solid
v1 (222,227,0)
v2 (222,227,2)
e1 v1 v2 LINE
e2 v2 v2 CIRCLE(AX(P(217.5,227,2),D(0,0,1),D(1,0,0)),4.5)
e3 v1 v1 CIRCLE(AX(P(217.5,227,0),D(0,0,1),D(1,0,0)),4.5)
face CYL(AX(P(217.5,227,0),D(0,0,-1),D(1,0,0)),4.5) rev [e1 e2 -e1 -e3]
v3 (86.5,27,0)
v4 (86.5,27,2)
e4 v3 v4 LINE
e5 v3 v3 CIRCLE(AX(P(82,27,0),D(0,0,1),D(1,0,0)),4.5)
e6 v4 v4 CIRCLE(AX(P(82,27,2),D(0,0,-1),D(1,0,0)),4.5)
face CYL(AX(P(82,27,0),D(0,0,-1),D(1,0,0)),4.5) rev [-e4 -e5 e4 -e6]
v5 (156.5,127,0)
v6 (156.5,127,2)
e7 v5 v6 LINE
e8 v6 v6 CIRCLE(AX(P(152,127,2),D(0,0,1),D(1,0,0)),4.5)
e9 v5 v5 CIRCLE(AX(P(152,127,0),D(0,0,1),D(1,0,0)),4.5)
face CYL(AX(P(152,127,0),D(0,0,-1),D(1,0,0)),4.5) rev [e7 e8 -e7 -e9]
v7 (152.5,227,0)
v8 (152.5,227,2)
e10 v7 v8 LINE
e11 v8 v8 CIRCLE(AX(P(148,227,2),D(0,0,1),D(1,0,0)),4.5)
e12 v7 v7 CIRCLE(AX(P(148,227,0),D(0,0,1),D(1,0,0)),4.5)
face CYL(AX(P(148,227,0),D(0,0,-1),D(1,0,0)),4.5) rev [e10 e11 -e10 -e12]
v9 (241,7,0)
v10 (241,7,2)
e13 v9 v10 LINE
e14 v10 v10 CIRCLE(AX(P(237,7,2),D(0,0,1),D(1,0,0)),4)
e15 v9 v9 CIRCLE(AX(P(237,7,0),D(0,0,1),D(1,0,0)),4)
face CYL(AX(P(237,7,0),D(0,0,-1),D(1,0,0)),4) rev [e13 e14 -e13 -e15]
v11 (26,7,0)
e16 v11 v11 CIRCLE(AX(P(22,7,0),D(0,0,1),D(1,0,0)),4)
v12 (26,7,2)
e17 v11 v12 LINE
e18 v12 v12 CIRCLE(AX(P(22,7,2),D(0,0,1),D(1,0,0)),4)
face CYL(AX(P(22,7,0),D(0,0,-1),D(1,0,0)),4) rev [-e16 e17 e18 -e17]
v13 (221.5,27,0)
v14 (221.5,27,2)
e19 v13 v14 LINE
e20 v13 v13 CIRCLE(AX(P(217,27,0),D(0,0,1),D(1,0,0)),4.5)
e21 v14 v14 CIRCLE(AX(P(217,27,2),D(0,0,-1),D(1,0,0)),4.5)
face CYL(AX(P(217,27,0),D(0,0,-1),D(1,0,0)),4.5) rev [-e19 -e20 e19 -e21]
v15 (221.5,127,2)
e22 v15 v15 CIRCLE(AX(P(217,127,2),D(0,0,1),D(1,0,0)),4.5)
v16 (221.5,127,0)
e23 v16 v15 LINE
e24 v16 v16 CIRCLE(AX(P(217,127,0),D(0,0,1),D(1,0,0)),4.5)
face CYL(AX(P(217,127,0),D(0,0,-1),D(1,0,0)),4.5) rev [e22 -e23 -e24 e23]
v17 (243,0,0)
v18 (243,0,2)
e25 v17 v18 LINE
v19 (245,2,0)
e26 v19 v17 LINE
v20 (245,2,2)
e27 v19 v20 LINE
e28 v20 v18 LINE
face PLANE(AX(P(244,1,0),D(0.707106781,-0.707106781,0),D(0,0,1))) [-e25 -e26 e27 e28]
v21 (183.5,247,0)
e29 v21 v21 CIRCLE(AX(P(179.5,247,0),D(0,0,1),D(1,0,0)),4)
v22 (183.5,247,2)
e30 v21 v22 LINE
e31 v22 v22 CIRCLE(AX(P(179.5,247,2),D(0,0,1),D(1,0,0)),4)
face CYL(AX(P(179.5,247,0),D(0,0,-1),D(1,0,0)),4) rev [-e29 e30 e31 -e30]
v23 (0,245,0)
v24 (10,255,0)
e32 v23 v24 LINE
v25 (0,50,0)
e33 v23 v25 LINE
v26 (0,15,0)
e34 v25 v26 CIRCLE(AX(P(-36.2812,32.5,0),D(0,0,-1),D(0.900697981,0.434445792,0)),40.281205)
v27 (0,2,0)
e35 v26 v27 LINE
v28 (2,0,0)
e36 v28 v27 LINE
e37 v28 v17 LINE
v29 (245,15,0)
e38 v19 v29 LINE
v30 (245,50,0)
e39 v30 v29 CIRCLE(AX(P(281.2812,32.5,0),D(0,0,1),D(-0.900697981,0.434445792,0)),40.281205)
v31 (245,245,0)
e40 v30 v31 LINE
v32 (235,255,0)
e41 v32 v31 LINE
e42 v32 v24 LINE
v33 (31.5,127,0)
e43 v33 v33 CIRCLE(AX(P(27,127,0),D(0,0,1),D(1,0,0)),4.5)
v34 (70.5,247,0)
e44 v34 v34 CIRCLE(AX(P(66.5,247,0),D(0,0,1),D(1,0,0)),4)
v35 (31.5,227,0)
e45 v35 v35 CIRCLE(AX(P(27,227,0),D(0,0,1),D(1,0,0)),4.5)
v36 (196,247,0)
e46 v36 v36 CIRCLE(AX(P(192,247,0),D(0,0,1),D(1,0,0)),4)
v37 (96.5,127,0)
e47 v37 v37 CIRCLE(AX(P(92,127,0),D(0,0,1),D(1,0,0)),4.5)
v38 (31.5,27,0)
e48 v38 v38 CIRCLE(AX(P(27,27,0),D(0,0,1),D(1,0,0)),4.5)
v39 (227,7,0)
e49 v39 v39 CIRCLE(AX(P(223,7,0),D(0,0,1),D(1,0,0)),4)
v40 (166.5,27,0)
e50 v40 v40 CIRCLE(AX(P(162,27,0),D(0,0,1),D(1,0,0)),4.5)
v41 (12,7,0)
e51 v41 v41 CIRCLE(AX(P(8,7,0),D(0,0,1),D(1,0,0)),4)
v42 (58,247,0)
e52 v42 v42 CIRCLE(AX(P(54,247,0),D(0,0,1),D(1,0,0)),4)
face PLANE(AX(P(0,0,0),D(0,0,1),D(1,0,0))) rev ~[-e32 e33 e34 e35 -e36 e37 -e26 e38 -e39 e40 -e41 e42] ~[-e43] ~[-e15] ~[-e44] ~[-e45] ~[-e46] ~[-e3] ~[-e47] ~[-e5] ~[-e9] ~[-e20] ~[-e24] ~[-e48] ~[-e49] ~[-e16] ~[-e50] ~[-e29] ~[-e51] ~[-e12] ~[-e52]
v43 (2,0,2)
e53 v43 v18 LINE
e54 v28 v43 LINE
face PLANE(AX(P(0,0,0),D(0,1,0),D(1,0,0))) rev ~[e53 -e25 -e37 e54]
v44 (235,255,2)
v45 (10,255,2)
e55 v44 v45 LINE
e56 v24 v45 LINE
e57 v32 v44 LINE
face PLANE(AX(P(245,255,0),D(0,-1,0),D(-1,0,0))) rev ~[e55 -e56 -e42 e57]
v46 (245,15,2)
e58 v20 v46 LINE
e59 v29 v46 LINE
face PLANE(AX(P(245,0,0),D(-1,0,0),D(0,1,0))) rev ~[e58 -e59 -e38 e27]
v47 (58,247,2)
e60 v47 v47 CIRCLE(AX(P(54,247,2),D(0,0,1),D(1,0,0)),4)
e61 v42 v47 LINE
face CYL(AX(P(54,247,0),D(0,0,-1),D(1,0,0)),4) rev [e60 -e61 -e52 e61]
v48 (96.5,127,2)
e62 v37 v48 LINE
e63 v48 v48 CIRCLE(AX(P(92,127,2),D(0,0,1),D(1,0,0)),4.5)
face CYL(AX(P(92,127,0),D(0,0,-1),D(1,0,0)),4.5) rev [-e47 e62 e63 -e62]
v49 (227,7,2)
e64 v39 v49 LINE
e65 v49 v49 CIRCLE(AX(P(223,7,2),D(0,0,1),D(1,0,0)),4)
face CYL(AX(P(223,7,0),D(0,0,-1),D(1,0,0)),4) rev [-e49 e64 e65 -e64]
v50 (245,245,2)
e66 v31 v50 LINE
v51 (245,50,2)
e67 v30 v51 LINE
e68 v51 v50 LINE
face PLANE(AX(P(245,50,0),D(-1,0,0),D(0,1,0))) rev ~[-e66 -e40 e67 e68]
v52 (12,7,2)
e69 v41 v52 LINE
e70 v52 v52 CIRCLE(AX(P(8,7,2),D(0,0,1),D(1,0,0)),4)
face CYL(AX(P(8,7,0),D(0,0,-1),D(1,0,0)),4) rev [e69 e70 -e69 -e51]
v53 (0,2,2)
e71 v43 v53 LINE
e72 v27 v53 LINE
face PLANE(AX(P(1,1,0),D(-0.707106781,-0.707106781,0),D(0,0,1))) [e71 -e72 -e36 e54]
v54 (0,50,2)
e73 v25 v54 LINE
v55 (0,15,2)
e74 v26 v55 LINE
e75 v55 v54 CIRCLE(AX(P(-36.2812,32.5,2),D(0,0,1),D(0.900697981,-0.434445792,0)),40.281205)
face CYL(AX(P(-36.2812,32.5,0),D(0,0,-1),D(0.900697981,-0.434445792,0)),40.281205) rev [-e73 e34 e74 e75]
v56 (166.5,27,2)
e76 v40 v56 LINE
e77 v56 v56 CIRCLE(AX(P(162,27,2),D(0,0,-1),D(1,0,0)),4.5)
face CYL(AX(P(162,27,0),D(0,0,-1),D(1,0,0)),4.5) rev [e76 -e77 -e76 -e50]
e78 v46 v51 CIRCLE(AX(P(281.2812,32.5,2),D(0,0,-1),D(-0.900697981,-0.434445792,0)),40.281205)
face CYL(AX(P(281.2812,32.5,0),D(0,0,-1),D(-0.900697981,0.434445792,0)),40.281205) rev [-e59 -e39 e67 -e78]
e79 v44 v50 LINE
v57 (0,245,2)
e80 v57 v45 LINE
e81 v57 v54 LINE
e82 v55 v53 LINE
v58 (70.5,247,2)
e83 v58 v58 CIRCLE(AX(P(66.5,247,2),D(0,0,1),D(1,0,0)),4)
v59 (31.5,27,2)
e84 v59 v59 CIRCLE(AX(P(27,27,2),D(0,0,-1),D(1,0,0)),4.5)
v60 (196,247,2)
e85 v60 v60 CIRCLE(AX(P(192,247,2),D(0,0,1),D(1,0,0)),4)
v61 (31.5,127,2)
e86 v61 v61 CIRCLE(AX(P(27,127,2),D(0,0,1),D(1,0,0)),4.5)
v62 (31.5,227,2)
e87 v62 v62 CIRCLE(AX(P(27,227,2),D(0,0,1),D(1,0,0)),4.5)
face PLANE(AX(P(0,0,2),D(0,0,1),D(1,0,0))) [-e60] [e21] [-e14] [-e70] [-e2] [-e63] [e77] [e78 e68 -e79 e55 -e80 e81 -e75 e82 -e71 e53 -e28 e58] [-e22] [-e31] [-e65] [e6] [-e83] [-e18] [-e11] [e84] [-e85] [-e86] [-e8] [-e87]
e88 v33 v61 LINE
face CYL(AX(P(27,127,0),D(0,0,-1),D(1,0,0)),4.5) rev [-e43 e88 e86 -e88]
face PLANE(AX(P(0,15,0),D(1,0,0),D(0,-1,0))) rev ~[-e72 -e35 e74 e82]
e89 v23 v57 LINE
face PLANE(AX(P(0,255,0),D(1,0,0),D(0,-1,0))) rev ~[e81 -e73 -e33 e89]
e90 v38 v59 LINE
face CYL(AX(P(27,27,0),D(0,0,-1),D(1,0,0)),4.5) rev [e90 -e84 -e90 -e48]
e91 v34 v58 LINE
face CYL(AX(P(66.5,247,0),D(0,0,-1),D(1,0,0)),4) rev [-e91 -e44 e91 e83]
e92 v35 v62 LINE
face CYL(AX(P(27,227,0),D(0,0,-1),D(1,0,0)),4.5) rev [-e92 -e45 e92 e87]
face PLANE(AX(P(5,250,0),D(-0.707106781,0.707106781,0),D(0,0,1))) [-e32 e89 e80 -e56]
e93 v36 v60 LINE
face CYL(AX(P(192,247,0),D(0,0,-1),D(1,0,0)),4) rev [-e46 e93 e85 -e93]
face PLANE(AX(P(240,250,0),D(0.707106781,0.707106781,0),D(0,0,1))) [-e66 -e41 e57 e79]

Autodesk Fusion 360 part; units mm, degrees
sketch "Sketch1" plane through (0, 0, 0) normal (0, 0, 1) x (1, 0, 0)
  line L0 (0, 0) -> (245, 0)
  line L1 (245, 255) -> (0, 255)
  line L2 (0, 27) -> (245, 27)
  line L3 (0, 227) -> (245, 227) construction
  line L4 (0, 127) -> (245, 127) construction
  circle A0 centre (27, 227) radius 4.5
  circle A1 centre (148, 227) radius 4.5
  circle A2 centre (217.5, 227) radius 4.5
  circle A3 centre (27, 127) radius 4.5
  circle A4 centre (92, 127) radius 4.5
  circle A5 centre (152, 127) radius 4.5
  circle A6 centre (217, 127) radius 4.5
  circle A7 centre (27, 27) radius 4.5
  circle A8 centre (82, 27) radius 4.5
  circle A9 centre (162, 27) radius 4.5
  circle A10 centre (217, 27) radius 4.5
  line L5 (0, 7) -> (245, 7) construction
  line L6 (0, 247) -> (245, 247) construction
  circle A11 centre (8, 7) radius 4
  circle A12 centre (22, 7) radius 4
  circle A13 centre (223, 7) radius 4
  circle A14 centre (237, 7) radius 4
  circle A15 centre (54, 247) radius 4
  circle A16 centre (66.5, 247) radius 4
  circle A17 centre (179.5, 247) radius 4
  circle A18 centre (192, 247) radius 4
  line L7 (122.5, 255) -> (122.5, 0) construction
  line L8 (0, 50) -> (4, 50) construction
  line L9 (4, 50) -> (4, 15) construction
  line L10 (4, 15) -> (0, 15) construction
  line L11 (0, 27) -> (0, 50) construction
  line L12 (4, 32.5) -> (0, 32.5) construction
  arc A19 (0, 15) -> (0, 50) centre (-36.2812, 32.5) ccw
  arc A20 (245, 50) -> (245, 15) centre (281.2812, 32.5) ccw
  line L13 (0, 255) -> (0, 50)
  line L14 (0, 32.5) -> (0, 27)
  line L15 (0, 15) -> (0, 0)
  line L16 (245, 0) -> (245, 15)
  line L17 (245, 50) -> (245, 255)
  line L18 (245, 50) -> (245, 15) construction
  line L19 (0, 50) -> (0, 15) construction
  dimension "d1" = 245
  dimension "d2" = 255
  dimension "d8" = 27
  dimension "d9" = 127
  dimension "d10" = 227
  dimension "d11" = 9
  dimension "d13" = 9
  dimension "d14" = 9
  dimension "d15" = 9
  dimension "d16" = 9
  dimension "d17" = 9
  dimension "d18" = 9
  dimension "d19" = 9
  dimension "d20" = 9
  dimension "d21" = 9
  dimension "d22" = 9
  dimension "d25" = 27
  dimension "d26" = 55
  dimension "d27" = 80
  dimension "d28" = 55
  dimension "d29" = 27
  dimension "d30" = 65
  dimension "d31" = 60
  dimension "d32" = 65
  dimension "d33" = 27
  dimension "d34" = 121
  dimension "d35" = 69.5
  dimension "d36" = 7
  dimension "d37" = 247
  dimension "d38" = 8
  dimension "d39" = 8
  dimension "d40" = 8
  dimension "d41" = 14
  dimension "d42" = 8
  dimension "d43" = 201
  dimension "d44" = 8
  dimension "d45" = 14
  dimension "d46" = 8
  dimension "d47" = 8
  dimension "d48" = 54
  dimension "d49" = 12.5
  dimension "d50" = 8
  dimension "d51" = 8
  dimension "d52" = 12.5
  dimension "d53" = 113
  dimension "d56" = 15
  dimension "d57" = 50
  dimension "d58" = 4
extrude "Extrude1" add sketch "Sketch1" along normal blind 2 contours L0 L2 A7 A8 A9 A10 A19 A20 L15 L16 | L1 L2 A7 A8 A9 A10 A19 A20 L13 L17
chamfer "Chamfer1" distance 10 angle 45 2 edges at (245, 255, 1) (0, 255, 1)
chamfer "Chamfer2" distance 2 angle 45 2 edges at (245, 0, 1) (0, 0, 1)
